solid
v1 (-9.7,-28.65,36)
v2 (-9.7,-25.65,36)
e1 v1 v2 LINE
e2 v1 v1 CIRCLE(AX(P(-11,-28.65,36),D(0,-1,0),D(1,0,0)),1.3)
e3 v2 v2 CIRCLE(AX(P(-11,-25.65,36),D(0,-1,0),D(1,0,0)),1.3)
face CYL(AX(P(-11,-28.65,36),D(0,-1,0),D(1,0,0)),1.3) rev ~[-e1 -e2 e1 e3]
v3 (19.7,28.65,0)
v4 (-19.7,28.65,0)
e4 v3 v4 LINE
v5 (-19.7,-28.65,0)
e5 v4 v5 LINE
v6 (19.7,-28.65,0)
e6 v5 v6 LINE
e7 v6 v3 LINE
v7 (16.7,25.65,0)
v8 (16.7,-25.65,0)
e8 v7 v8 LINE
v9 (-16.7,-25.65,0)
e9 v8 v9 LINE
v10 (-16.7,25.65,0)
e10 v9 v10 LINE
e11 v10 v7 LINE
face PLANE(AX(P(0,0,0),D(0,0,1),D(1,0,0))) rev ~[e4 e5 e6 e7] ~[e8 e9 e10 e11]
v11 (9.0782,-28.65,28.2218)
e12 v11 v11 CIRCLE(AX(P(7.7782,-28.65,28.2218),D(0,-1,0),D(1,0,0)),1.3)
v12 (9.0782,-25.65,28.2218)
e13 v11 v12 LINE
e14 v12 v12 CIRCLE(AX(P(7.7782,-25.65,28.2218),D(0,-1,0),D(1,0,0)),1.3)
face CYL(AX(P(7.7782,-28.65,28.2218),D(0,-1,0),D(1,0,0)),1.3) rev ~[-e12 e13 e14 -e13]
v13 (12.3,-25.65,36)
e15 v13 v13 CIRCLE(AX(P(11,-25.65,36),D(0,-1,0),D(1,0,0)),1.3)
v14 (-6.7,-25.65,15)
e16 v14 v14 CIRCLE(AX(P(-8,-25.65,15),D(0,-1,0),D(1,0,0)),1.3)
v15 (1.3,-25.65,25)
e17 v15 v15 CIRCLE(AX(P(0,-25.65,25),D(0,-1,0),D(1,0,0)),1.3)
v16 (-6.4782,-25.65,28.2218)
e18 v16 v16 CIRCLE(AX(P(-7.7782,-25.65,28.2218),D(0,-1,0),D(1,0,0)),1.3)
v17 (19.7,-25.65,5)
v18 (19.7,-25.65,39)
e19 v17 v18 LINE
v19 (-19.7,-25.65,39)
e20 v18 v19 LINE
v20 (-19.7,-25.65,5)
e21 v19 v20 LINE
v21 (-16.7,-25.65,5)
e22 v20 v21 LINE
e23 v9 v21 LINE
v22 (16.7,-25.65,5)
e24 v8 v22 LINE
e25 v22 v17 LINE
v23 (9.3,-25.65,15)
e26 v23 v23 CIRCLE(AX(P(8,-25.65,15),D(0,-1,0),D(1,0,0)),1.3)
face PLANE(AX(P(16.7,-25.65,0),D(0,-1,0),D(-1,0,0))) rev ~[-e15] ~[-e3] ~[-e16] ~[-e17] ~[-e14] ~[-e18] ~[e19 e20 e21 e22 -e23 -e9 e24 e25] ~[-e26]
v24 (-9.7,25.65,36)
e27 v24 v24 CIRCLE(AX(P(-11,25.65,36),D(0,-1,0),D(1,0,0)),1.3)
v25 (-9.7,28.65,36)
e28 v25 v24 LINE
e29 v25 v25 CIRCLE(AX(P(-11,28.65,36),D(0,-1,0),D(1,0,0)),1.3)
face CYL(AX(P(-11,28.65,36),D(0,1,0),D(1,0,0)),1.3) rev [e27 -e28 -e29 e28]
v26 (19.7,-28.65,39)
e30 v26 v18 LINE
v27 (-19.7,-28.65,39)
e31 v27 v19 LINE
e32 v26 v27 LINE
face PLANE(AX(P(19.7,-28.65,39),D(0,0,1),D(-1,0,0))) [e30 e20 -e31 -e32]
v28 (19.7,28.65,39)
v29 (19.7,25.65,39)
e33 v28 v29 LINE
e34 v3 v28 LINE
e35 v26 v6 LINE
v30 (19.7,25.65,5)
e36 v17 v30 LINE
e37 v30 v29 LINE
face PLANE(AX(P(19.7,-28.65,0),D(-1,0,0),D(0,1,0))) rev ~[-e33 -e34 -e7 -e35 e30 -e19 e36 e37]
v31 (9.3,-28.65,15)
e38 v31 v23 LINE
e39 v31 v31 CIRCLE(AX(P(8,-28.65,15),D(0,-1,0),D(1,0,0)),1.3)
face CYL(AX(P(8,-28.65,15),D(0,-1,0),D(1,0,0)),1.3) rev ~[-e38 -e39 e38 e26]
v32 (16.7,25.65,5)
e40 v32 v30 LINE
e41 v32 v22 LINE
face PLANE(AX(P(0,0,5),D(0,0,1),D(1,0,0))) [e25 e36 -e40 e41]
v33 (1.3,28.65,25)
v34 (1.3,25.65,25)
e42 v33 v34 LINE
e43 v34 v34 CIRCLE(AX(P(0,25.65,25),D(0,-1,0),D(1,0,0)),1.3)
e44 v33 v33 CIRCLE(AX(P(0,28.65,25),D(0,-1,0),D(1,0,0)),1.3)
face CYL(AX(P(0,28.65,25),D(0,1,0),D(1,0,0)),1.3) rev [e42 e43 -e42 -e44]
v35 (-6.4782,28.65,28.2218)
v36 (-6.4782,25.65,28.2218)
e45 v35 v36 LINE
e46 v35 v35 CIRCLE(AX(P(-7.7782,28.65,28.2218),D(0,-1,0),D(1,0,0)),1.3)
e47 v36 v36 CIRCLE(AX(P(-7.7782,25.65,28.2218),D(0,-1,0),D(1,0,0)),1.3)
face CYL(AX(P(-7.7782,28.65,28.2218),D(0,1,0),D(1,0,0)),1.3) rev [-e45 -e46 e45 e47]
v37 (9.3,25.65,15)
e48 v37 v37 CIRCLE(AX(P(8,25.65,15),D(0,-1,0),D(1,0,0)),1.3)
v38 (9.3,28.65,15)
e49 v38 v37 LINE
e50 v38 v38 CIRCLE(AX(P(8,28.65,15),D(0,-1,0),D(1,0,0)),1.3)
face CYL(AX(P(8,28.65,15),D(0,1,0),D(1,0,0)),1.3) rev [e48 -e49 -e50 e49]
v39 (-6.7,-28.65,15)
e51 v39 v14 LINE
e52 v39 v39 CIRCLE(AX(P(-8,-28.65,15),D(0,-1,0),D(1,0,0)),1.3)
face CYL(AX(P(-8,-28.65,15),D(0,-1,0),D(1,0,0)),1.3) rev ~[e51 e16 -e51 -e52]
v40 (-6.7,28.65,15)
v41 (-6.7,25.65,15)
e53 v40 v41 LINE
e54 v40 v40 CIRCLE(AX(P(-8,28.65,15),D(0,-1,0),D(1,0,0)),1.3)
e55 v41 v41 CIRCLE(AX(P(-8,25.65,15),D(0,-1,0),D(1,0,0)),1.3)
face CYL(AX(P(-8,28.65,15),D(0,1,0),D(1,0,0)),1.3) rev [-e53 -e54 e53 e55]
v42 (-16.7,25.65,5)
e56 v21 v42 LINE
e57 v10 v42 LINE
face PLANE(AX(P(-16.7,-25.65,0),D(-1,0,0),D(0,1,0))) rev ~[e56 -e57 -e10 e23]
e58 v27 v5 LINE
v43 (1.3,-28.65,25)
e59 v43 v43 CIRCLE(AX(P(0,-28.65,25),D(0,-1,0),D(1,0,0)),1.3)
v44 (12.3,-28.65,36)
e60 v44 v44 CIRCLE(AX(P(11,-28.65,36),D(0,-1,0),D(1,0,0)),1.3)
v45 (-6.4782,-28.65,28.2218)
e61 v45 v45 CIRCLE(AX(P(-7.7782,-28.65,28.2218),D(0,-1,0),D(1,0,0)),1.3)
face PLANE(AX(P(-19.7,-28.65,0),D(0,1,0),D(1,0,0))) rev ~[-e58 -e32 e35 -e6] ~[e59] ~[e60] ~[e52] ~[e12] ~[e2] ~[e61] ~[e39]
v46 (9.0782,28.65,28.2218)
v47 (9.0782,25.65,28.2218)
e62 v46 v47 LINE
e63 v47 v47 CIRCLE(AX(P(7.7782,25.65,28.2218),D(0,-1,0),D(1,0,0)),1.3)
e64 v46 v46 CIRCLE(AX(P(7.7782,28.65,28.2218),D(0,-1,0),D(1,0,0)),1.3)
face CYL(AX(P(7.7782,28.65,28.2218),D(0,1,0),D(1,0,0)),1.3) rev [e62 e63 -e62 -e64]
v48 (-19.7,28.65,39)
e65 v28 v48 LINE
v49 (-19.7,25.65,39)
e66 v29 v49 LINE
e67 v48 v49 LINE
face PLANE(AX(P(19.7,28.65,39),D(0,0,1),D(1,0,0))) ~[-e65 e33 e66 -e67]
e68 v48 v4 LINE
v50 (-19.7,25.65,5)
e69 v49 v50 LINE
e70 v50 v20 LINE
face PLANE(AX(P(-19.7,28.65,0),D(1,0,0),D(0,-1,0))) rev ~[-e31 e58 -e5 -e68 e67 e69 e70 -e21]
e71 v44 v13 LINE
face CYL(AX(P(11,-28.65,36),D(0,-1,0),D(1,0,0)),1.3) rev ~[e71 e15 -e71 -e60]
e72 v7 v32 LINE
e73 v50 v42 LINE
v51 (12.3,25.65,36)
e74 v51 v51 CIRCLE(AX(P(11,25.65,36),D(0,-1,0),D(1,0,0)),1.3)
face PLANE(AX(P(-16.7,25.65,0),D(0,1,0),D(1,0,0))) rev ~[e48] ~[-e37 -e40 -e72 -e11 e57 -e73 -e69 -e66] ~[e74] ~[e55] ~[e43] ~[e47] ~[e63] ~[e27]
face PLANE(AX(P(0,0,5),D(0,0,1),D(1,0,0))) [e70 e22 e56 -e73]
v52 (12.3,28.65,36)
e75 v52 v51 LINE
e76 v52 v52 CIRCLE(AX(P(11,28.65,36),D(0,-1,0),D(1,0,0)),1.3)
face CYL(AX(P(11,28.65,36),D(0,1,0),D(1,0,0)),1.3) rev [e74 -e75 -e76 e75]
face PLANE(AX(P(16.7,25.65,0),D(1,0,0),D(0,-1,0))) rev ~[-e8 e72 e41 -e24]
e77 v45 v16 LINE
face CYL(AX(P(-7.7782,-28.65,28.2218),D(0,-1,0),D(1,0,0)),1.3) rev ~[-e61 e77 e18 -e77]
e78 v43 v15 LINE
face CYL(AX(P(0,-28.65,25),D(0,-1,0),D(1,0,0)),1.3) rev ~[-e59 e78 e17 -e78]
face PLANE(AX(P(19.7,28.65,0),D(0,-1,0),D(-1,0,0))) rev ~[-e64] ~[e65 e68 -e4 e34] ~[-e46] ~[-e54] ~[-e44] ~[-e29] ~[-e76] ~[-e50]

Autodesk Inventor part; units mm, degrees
ref_plane "YZ Plane" through (0, 0, 0) normal (1, 0, 0) x (0, 1, 0)
ref_plane "XZ Plane" through (0, 0, 0) normal (0, 1, 0) x (-1, 0, 0)
ref_plane "XY Plane" through (0, 0, 0) normal (0, 0, 1) x (1, 0, 0)
sketch "스케치1" plane through (0, 0, 0) normal (0, 0, 1) x (1, 0, 0)
  line L0 (-16.7, 25.65) -> (16.7, 25.65)
  line L1 (16.7, 25.65) -> (16.7, -25.65)
  line L2 (16.7, -25.65) -> (-16.7, -25.65)
  line L3 (-16.7, -25.65) -> (-16.7, 25.65)
  line L4 (19.7, 28.65) -> (-19.7, 28.65)
  line L5 (-19.7, 28.65) -> (-19.7, -28.65)
  line L6 (-19.7, -28.65) -> (19.7, -28.65)
  line L7 (19.7, -28.65) -> (19.7, 28.65)
  point P0 (0, 0)
  point P1 (-16.7, 0)
  point P2 (0, 25.65)
  dimension "d0" = 33.4
  dimension "d1" = 51.3
  dimension "d2" = 3
extrude "돌출1" add sketch "스케치1" along normal blind 5
sketch "스케치5" plane through (-19.7, -28.65, 0) normal (0, -1, 0) x (1, 0, 0)
  line L0 (0, 0) -> (39.4, 0) projected
  line L1 (39.4, 0) -> (39.4, 5) projected
  line L2 (0, 5) -> (39.4, 5) projected
  line L3 (0, 0) -> (0, 5) projected
  circle A0 centre (8.7, 36) radius 1.3
  circle A1 centre (11.9218, 28.2218) radius 1.3
  circle A2 centre (19.7, 25) radius 1.3
  circle A3 centre (27.4782, 28.2218) radius 1.3
  circle A4 centre (30.7, 36) radius 1.3
  line L4 (0, 0) -> (39.4, 0)
  line L5 (39.4, 0) -> (39.4, 39)
  line L6 (39.4, 39) -> (0, 39)
  line L7 (0, 39) -> (0, 0)
  line L8 (0, 15) -> (39.4, 15) construction
  line L9 (19.7, 39) -> (19.7, 5) construction
  circle A5 centre (11.7, 15) radius 1.3
  circle A6 centre (27.7, 15) radius 1.3
  point P0 (19.7, 36)
  dimension "d46" = 180
  dimension "d52" = 39
  dimension "d53" = 24
  dimension "d54" = 2.6
  dimension "d55" = 8
extrude "돌출2" add sketch "스케치5" against normal blind 3 contours L7 L6 L5 L2
mirror "미러1" about plane through (0, 0, 0) normal (0, 1, 0)
properties part number "MX64 FRAME"
